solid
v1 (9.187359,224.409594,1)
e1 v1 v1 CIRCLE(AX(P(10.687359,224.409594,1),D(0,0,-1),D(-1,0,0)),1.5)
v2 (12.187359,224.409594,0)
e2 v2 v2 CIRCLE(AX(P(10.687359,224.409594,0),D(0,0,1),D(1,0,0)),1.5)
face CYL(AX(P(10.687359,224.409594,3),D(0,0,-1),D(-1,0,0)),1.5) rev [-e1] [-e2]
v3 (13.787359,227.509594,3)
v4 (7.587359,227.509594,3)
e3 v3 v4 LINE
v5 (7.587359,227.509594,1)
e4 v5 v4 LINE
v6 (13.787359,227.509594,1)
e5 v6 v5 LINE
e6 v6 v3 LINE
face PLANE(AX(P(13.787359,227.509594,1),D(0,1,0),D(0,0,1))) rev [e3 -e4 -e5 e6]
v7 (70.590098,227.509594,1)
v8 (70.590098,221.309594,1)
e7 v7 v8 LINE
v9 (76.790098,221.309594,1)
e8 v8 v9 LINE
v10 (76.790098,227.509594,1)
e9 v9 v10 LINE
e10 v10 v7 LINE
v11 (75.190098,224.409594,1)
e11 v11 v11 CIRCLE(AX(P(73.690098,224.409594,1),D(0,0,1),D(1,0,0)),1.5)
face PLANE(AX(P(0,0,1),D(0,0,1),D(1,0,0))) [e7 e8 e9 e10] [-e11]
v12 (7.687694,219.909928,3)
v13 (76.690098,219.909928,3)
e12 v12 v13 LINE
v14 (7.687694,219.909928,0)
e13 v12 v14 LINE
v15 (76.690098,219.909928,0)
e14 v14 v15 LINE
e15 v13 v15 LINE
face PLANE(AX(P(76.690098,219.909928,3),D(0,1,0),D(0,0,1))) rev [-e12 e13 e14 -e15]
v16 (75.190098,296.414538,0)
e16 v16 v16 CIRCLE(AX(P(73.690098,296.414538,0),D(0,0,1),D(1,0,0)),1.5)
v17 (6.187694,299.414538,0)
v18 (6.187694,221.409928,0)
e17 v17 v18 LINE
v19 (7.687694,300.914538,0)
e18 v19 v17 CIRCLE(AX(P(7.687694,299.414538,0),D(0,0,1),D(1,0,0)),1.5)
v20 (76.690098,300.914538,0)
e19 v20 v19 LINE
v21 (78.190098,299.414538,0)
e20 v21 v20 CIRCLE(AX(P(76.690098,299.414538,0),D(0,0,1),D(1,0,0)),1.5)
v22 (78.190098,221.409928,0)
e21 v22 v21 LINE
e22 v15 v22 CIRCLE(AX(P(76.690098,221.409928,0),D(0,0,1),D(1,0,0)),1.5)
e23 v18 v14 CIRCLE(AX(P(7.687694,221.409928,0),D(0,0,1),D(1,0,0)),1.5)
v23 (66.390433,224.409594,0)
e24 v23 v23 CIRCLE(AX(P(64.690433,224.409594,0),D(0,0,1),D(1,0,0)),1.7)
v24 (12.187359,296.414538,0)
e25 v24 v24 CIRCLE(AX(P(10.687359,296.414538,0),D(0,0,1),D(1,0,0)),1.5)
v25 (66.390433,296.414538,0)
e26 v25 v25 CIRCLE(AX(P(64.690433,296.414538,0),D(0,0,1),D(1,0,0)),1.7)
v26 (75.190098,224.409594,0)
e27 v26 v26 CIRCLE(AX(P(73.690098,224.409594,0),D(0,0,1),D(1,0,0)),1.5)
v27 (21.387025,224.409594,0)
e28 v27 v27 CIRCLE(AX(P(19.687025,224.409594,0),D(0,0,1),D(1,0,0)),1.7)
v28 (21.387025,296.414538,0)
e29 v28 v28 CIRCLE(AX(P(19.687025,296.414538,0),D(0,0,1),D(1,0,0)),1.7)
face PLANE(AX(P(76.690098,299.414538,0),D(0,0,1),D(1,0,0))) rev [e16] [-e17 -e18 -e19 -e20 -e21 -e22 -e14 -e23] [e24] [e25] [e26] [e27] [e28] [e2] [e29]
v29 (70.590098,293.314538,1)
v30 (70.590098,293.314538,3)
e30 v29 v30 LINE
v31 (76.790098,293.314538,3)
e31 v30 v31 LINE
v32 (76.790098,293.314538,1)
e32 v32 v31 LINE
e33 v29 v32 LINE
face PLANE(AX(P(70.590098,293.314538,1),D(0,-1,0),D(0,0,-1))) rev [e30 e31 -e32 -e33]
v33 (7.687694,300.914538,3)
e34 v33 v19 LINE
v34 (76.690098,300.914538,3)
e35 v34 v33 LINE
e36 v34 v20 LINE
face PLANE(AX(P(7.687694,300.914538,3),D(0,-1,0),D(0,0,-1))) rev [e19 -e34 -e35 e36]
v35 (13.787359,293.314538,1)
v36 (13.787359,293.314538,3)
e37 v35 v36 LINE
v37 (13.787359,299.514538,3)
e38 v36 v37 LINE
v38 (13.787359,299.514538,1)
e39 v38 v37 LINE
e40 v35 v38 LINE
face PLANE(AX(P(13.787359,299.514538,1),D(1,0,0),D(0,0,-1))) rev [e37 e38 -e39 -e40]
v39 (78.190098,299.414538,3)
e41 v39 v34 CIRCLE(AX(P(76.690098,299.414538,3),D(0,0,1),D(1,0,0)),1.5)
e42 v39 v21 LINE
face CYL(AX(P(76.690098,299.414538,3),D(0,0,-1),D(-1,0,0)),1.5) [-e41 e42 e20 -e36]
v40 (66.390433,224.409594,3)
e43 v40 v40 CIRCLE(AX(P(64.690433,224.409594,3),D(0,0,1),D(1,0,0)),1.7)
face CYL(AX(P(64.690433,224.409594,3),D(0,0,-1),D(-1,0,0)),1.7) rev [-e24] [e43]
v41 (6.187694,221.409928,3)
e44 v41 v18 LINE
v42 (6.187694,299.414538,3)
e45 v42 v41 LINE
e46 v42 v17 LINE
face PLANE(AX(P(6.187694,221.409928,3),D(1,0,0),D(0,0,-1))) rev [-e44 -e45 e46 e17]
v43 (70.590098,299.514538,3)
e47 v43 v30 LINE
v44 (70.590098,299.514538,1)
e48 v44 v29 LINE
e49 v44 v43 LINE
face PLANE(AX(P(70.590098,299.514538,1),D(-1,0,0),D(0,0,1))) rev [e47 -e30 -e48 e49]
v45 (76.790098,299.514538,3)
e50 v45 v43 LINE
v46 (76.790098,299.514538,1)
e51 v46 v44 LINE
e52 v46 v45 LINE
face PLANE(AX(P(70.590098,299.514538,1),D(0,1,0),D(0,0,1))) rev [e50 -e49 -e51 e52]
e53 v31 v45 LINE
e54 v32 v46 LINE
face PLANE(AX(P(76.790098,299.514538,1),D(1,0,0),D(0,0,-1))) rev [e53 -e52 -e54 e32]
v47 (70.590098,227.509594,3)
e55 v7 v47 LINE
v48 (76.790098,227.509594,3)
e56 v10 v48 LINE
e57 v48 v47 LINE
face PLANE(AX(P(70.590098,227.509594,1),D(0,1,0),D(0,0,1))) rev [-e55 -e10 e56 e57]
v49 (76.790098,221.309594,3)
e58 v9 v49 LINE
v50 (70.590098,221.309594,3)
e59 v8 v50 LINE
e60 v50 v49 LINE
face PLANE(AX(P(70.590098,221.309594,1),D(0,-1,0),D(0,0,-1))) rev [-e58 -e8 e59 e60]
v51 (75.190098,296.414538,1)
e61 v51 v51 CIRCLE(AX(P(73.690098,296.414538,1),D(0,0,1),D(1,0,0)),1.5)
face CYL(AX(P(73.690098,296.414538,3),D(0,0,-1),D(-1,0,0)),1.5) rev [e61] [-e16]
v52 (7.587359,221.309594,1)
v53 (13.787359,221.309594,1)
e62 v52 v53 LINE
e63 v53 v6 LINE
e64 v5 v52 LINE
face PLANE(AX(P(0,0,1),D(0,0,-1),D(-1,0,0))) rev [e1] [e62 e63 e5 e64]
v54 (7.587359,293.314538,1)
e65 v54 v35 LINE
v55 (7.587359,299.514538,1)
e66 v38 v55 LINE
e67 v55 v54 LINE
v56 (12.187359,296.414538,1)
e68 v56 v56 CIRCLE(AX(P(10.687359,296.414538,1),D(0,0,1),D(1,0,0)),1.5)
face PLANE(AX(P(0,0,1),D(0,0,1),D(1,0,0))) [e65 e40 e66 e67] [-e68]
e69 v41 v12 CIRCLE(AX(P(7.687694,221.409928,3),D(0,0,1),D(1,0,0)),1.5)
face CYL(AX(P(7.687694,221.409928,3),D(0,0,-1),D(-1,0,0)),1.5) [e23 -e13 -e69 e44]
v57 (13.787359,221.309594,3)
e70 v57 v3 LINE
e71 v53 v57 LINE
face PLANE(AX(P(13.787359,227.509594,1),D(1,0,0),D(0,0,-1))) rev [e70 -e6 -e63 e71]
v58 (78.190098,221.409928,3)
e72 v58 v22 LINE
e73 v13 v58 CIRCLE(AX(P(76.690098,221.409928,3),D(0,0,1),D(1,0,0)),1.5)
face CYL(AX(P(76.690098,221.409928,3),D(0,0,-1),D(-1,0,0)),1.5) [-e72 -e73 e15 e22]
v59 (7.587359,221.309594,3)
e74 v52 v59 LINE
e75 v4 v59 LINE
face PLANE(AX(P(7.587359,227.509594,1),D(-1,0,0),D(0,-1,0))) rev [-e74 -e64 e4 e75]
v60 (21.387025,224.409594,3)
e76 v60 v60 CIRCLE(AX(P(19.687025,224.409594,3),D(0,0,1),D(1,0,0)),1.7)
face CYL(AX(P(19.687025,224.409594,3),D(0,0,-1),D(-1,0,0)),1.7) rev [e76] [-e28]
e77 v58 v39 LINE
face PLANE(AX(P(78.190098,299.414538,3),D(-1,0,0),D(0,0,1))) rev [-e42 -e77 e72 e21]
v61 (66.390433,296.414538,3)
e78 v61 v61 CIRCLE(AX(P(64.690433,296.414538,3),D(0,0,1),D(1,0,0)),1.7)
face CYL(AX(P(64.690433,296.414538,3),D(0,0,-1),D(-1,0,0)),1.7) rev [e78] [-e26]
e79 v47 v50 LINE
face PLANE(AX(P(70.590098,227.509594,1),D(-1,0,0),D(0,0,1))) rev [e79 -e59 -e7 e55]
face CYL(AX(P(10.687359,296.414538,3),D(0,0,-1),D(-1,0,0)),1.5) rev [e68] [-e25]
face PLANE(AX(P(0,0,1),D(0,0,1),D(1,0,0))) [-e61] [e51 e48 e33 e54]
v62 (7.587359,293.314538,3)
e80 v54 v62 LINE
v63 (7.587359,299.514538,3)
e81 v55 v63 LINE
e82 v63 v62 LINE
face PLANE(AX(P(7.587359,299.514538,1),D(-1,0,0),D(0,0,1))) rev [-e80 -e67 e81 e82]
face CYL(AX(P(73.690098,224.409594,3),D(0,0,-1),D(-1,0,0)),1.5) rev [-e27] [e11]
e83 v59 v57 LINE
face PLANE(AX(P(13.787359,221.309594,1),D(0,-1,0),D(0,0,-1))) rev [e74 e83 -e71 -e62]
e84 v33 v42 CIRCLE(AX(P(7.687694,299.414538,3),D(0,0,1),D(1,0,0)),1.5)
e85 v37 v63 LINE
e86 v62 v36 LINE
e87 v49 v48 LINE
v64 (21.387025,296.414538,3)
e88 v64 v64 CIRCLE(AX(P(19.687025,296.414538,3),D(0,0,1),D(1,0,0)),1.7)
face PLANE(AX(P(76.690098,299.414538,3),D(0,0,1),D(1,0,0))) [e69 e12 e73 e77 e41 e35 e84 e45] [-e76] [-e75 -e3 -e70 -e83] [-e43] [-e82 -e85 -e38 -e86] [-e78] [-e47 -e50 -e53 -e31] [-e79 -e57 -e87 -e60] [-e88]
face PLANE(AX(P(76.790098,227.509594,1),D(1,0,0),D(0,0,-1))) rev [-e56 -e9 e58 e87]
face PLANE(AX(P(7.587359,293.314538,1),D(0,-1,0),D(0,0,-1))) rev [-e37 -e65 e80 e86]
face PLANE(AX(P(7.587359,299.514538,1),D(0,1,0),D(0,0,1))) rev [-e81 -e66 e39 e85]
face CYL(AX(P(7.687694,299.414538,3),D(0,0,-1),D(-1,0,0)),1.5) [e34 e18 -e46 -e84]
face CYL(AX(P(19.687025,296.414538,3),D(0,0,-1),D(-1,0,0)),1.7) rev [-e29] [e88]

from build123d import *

# Parameters (mm, degrees)
MODEL_R                 = 1.5
MODEL_R_2               = 1.7
SALIENTE_EXTRUIR1_DEPTH = 3
CROQUIS2_W              = 6.2
CROQUIS2_H              = 6.2
CORTAR_EXTRUIR1_DEPTH   = 2


with BuildPart() as part:
    # Model → Saliente-Extruir1 (new body)
    with BuildSketch(Plane.XY):
        with BuildLine():
            Line((6.187693969, 221.409928006), (6.187693969, 299.414537864))
            ThreePointArc((6.187693969, 299.414537864), (6.627033797, 300.475198036), (7.687693969, 300.914537864))
            Line((7.687693969, 300.914537864), (76.690098203, 300.914537864))
            ThreePointArc((76.690098203, 300.914537864), (77.750758375, 300.475198036), (78.190098203, 299.414537864))
            Line((78.190098203, 299.414537864), (78.190098203, 221.409928006))
            ThreePointArc((78.190098203, 221.409928006), (77.750758375, 220.349267835), (76.690098203, 219.909928006))
            Line((76.690098203, 219.909928006), (7.687693969, 219.909928006))
            ThreePointArc((7.687693969, 219.909928006), (6.627033797, 220.349267835), (6.187693969, 221.409928006))
        make_face()
        with Locations((73.690098203, 224.409593504)):
            Circle(MODEL_R, mode=Mode.SUBTRACT)
        with Locations((10.687359467, 296.414537864)):
            Circle(MODEL_R, mode=Mode.SUBTRACT)
        with Locations((10.687359467, 224.409593504)):
            Circle(MODEL_R, mode=Mode.SUBTRACT)
        with Locations((73.690098203, 296.414537864)):
            Circle(MODEL_R, mode=Mode.SUBTRACT)
        with Locations((19.687024964, 296.414537864)):
            Circle(MODEL_R_2, mode=Mode.SUBTRACT)
        with Locations((64.690432705, 296.414537864)):
            Circle(MODEL_R_2, mode=Mode.SUBTRACT)
        with Locations((19.687024964, 224.409593504)):
            Circle(MODEL_R_2, mode=Mode.SUBTRACT)
        with Locations((64.690432705, 224.409593504)):
            Circle(MODEL_R_2, mode=Mode.SUBTRACT)
    extrude(amount=SALIENTE_EXTRUIR1_DEPTH)

    # Croquis2 → Cortar-Extruir1 (cut)
    with BuildSketch(Plane.XY.offset(3)):
        with Locations((10.687359467, 296.414537864)):
            Rectangle(CROQUIS2_W, CROQUIS2_H)
        with Locations((73.690098203, 296.414537864)):
            Rectangle(CROQUIS2_W, CROQUIS2_H)
        with Locations((73.690098203, 224.409593504)):
            Rectangle(CROQUIS2_W, CROQUIS2_H)
        with Locations((10.687359467, 224.409593504)):
            Rectangle(CROQUIS2_W, CROQUIS2_H)
    extrude(amount=-CORTAR_EXTRUIR1_DEPTH, mode=Mode.SUBTRACT)


solid = part.part
